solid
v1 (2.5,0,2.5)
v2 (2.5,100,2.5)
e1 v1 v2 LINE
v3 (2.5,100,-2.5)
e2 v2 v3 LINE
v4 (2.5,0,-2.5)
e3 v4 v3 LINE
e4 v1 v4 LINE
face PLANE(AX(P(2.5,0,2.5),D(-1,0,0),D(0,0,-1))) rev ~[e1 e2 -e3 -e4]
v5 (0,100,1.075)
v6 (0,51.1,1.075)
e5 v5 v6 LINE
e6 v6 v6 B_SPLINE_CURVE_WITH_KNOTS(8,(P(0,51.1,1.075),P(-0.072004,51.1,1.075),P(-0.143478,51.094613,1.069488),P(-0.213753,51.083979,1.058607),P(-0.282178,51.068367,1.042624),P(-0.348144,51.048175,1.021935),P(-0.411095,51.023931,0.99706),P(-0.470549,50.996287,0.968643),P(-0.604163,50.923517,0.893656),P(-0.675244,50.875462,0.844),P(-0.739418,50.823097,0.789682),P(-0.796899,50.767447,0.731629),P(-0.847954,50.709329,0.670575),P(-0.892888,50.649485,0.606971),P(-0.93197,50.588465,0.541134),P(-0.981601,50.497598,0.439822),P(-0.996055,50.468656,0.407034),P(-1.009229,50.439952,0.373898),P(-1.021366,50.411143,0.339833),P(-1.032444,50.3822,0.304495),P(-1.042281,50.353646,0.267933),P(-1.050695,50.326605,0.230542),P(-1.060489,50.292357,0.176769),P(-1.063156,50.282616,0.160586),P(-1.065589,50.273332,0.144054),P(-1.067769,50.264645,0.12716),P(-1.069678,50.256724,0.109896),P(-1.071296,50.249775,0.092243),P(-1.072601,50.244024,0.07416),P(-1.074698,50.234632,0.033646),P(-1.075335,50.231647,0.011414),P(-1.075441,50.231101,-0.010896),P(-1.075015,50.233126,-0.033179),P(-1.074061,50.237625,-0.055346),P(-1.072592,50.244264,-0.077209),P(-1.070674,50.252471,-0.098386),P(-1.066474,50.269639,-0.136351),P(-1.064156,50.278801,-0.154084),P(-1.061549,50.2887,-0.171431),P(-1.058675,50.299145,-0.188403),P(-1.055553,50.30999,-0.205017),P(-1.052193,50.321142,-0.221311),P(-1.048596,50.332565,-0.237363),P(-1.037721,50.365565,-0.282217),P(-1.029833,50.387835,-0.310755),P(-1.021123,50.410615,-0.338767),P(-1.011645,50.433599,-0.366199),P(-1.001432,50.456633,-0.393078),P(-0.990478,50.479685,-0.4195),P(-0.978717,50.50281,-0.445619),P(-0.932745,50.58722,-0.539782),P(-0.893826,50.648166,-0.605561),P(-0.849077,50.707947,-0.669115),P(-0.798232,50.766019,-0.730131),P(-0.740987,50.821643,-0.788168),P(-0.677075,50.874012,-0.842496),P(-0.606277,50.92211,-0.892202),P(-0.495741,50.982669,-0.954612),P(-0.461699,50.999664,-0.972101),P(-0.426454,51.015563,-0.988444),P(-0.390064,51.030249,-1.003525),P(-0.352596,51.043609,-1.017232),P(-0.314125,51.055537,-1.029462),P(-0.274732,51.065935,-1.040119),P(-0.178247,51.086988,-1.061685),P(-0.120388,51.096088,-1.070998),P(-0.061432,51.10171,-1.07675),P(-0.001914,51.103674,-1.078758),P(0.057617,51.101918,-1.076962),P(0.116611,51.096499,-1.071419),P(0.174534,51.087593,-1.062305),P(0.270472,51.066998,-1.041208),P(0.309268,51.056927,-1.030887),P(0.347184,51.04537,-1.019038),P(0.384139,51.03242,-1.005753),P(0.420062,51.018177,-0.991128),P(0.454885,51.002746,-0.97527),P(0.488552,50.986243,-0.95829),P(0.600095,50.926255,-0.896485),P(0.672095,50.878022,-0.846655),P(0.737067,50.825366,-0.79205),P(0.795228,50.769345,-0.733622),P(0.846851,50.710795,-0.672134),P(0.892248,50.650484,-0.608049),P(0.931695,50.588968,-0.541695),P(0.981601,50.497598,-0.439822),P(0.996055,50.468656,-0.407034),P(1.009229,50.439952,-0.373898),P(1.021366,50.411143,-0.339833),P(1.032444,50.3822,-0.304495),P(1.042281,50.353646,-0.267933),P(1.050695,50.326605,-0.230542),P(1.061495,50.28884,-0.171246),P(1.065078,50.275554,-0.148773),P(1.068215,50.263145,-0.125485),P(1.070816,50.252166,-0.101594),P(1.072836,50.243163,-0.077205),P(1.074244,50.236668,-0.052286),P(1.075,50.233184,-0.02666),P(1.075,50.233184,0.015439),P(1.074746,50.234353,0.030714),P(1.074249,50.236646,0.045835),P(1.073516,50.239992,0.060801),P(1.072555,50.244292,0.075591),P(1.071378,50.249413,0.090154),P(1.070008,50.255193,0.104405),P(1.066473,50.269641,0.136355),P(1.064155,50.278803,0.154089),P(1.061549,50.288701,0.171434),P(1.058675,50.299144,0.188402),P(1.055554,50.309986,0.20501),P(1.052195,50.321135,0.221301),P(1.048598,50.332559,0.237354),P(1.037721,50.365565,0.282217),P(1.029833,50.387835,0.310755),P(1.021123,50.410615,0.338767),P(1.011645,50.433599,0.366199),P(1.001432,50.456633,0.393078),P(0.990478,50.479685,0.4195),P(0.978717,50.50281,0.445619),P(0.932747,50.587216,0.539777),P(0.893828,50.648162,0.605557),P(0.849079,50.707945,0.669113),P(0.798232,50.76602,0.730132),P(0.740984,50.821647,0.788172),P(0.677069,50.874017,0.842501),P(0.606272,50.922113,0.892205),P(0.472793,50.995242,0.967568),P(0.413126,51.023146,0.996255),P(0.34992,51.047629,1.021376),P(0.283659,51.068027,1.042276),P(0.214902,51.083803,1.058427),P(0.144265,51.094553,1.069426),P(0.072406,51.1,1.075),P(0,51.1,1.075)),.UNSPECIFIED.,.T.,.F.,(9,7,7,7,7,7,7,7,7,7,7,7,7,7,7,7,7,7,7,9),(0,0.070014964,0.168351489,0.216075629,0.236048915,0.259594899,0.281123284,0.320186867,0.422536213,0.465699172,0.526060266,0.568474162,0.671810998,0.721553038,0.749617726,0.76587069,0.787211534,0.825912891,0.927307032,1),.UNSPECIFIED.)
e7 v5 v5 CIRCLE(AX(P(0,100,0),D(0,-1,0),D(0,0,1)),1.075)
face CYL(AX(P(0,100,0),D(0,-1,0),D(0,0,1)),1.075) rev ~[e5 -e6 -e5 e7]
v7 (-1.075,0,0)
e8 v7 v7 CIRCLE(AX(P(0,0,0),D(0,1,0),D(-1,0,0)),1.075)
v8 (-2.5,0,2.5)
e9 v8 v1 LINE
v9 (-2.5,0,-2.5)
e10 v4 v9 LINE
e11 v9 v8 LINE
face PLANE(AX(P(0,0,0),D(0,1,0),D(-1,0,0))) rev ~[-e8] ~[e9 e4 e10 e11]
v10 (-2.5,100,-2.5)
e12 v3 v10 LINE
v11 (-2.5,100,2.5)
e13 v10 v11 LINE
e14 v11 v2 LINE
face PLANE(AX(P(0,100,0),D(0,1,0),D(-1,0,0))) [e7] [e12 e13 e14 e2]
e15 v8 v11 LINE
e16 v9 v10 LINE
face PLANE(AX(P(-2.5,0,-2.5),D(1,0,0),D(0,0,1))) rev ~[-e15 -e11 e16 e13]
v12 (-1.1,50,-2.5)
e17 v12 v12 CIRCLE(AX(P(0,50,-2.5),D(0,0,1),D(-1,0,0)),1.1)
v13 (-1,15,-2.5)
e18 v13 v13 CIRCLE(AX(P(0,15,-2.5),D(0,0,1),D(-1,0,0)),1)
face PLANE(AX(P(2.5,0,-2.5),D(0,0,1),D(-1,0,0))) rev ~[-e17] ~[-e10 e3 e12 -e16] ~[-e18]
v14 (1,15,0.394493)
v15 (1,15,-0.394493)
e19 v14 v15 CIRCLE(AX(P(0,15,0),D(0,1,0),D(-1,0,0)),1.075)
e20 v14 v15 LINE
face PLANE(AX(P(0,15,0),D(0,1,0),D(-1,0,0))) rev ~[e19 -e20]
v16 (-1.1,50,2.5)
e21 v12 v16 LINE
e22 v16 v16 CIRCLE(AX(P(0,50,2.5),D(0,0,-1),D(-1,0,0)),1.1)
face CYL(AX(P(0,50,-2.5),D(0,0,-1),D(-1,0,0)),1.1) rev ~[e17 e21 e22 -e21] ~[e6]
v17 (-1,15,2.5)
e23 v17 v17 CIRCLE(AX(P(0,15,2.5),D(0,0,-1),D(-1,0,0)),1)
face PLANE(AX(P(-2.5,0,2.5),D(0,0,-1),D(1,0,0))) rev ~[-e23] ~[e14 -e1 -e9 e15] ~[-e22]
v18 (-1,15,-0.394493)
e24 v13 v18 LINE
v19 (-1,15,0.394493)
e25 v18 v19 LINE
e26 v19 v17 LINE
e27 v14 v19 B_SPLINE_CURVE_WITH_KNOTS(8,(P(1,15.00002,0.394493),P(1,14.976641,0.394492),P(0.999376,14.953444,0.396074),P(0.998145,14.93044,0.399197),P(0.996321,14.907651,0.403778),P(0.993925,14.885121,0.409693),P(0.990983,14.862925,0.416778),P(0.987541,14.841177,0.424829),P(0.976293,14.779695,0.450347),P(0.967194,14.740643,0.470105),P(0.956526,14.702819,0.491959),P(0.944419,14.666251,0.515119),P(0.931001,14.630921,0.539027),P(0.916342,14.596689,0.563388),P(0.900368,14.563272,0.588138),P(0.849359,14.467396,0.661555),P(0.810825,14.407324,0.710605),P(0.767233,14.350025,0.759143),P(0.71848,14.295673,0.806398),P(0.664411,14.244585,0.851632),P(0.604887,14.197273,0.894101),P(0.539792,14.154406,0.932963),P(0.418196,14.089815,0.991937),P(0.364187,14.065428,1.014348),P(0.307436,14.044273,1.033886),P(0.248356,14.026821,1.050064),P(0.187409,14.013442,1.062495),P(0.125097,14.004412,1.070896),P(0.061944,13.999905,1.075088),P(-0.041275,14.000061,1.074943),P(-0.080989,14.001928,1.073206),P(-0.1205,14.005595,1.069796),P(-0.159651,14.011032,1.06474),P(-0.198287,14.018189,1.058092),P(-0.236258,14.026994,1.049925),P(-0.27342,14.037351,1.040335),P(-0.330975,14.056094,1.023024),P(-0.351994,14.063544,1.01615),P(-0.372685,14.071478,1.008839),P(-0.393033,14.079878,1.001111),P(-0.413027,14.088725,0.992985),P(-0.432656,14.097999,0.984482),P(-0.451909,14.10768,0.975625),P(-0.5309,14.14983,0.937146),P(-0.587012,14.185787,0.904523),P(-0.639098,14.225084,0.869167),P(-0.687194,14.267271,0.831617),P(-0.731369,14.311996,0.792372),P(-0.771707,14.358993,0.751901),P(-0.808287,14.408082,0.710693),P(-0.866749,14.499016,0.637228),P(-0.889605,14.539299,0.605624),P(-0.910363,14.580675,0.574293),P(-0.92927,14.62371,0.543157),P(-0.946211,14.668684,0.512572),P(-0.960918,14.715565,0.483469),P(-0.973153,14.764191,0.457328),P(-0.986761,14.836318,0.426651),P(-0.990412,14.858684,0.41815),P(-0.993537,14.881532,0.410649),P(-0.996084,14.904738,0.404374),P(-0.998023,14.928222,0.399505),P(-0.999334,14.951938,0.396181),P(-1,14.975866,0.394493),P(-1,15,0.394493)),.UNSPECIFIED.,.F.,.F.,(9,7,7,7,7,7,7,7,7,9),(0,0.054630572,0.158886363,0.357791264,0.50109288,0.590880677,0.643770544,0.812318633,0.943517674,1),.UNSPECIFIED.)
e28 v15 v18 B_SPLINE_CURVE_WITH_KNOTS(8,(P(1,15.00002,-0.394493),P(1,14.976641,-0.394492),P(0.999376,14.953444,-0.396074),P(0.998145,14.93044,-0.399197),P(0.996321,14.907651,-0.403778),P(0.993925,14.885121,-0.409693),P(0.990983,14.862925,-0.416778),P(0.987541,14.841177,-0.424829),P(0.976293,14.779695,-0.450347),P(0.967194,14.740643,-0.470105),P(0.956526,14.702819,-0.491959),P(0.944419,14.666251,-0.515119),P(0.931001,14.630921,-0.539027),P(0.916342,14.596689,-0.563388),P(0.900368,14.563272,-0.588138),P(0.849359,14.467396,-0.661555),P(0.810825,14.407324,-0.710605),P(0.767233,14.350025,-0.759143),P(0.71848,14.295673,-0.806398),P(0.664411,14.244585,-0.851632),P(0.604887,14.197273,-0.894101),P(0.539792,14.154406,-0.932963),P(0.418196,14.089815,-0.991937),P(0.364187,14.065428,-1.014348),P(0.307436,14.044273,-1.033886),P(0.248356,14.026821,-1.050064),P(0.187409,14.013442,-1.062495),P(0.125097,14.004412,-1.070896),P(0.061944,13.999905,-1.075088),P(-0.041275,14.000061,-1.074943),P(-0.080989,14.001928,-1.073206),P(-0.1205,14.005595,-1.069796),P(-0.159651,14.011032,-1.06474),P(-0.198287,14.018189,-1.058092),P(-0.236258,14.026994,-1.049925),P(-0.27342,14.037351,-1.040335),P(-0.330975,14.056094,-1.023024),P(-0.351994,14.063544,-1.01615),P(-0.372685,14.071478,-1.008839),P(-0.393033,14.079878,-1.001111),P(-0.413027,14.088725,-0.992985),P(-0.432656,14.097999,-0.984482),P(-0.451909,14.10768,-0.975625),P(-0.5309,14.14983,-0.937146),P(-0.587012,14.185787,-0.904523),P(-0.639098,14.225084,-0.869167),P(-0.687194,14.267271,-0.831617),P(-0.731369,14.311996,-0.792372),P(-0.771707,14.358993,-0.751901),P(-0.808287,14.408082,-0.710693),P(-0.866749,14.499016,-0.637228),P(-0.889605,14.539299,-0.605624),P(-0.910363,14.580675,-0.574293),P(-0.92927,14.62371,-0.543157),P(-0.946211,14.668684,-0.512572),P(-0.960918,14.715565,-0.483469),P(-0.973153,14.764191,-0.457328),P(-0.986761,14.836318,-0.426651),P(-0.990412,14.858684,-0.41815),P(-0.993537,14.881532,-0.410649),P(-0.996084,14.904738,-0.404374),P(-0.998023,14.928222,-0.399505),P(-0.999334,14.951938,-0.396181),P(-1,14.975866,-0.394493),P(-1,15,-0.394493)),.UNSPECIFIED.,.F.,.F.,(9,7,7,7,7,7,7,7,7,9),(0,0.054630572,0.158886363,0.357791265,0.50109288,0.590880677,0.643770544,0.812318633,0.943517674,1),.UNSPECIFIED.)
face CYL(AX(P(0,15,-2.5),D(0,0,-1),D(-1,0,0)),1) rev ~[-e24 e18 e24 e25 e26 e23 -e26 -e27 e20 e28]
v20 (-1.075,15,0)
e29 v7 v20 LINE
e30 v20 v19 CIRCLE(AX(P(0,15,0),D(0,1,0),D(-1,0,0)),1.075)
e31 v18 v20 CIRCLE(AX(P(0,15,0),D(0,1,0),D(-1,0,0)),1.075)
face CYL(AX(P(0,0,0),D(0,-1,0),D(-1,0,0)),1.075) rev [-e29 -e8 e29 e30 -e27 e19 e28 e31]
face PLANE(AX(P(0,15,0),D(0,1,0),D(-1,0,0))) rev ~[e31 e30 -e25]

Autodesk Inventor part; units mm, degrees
ref_plane "YZ Plane" through (0, 0, 0) normal (1, 0, 0) x (0, 1, 0)
ref_plane "XZ Plane" through (0, 0, 0) normal (0, 1, 0) x (-1, 0, 0)
ref_plane "XY Plane" through (0, 0, 0) normal (0, 0, 1) x (1, 0, 0)
sketch "スケッチ1" plane through (0, 0, 0) normal (0, 1, 0) x (-1, 0, 0)
  circle A0 centre (0, 0) radius 1.075
  line L0 (-2.5, -2.5) -> (2.5, -2.5)
  line L1 (2.5, -2.5) -> (2.5, 2.5)
  line L2 (2.5, 2.5) -> (-2.5, 2.5)
  line L3 (-2.5, 2.5) -> (-2.5, -2.5)
  line L4 (-2.5, -2.5) -> (2.5, 2.5) construction
  line L5 (2.5, -2.5) -> (-2.5, 2.5) construction
  dimension "d0" = 2.15
  dimension "d1" = 5
  dimension "d2" = 5
extrude "押し出し1" add sketch "スケッチ1" along normal blind 100 contours A0 | L3 L2 L1 L0
extrude "押し出し2" cut sketch "スケッチ1" along normal blind 15 contours A0
sketch "スケッチ2" plane through (0, 100, 0) normal (0, 1, 0) x (1, 0, 0)
  point P0 (0, 0)
hole "穴1" at (0, 100, 0) direction (0, -1, 0) diameter 2.15 depth 50 tip angle 118
sketch "スケッチ3" plane through (2.5, 0, -2.5) normal (0, 0, -1) x (-1, 0, 0)
  line L0 (5, 0) -> (0, 0) projected
  line L1 (5, 0) -> (5, 100) projected
  line L2 (0, 0) -> (5, 0)
  line L3 (5, 0) -> (5, 15)
  line L4 (5, 15) -> (0, 15)
  line L5 (0, 15) -> (0, 0)
  circle A0 centre (2.5, 15) radius 1
  line L6 (0, 100) -> (5, 100) projected
  line L7 (0, 100) -> (5, 100)
  line L8 (5, 100) -> (5, 50)
  line L9 (5, 50) -> (0, 50)
  line L10 (0, 50) -> (0, 100)
  circle A1 centre (2.5, 50) radius 1.1
  point P0 (2.5, 0)
  dimension "d14" = 15
  dimension "d15" = 2
  dimension "d16" = 50
  dimension "d17" = 2.2
extrude "押し出し3" cut sketch "スケッチ3" against normal blind 5 contours A0 L4 | L4 A0 | A1 L9 | L9 A1
properties part number "g_a_exp"
